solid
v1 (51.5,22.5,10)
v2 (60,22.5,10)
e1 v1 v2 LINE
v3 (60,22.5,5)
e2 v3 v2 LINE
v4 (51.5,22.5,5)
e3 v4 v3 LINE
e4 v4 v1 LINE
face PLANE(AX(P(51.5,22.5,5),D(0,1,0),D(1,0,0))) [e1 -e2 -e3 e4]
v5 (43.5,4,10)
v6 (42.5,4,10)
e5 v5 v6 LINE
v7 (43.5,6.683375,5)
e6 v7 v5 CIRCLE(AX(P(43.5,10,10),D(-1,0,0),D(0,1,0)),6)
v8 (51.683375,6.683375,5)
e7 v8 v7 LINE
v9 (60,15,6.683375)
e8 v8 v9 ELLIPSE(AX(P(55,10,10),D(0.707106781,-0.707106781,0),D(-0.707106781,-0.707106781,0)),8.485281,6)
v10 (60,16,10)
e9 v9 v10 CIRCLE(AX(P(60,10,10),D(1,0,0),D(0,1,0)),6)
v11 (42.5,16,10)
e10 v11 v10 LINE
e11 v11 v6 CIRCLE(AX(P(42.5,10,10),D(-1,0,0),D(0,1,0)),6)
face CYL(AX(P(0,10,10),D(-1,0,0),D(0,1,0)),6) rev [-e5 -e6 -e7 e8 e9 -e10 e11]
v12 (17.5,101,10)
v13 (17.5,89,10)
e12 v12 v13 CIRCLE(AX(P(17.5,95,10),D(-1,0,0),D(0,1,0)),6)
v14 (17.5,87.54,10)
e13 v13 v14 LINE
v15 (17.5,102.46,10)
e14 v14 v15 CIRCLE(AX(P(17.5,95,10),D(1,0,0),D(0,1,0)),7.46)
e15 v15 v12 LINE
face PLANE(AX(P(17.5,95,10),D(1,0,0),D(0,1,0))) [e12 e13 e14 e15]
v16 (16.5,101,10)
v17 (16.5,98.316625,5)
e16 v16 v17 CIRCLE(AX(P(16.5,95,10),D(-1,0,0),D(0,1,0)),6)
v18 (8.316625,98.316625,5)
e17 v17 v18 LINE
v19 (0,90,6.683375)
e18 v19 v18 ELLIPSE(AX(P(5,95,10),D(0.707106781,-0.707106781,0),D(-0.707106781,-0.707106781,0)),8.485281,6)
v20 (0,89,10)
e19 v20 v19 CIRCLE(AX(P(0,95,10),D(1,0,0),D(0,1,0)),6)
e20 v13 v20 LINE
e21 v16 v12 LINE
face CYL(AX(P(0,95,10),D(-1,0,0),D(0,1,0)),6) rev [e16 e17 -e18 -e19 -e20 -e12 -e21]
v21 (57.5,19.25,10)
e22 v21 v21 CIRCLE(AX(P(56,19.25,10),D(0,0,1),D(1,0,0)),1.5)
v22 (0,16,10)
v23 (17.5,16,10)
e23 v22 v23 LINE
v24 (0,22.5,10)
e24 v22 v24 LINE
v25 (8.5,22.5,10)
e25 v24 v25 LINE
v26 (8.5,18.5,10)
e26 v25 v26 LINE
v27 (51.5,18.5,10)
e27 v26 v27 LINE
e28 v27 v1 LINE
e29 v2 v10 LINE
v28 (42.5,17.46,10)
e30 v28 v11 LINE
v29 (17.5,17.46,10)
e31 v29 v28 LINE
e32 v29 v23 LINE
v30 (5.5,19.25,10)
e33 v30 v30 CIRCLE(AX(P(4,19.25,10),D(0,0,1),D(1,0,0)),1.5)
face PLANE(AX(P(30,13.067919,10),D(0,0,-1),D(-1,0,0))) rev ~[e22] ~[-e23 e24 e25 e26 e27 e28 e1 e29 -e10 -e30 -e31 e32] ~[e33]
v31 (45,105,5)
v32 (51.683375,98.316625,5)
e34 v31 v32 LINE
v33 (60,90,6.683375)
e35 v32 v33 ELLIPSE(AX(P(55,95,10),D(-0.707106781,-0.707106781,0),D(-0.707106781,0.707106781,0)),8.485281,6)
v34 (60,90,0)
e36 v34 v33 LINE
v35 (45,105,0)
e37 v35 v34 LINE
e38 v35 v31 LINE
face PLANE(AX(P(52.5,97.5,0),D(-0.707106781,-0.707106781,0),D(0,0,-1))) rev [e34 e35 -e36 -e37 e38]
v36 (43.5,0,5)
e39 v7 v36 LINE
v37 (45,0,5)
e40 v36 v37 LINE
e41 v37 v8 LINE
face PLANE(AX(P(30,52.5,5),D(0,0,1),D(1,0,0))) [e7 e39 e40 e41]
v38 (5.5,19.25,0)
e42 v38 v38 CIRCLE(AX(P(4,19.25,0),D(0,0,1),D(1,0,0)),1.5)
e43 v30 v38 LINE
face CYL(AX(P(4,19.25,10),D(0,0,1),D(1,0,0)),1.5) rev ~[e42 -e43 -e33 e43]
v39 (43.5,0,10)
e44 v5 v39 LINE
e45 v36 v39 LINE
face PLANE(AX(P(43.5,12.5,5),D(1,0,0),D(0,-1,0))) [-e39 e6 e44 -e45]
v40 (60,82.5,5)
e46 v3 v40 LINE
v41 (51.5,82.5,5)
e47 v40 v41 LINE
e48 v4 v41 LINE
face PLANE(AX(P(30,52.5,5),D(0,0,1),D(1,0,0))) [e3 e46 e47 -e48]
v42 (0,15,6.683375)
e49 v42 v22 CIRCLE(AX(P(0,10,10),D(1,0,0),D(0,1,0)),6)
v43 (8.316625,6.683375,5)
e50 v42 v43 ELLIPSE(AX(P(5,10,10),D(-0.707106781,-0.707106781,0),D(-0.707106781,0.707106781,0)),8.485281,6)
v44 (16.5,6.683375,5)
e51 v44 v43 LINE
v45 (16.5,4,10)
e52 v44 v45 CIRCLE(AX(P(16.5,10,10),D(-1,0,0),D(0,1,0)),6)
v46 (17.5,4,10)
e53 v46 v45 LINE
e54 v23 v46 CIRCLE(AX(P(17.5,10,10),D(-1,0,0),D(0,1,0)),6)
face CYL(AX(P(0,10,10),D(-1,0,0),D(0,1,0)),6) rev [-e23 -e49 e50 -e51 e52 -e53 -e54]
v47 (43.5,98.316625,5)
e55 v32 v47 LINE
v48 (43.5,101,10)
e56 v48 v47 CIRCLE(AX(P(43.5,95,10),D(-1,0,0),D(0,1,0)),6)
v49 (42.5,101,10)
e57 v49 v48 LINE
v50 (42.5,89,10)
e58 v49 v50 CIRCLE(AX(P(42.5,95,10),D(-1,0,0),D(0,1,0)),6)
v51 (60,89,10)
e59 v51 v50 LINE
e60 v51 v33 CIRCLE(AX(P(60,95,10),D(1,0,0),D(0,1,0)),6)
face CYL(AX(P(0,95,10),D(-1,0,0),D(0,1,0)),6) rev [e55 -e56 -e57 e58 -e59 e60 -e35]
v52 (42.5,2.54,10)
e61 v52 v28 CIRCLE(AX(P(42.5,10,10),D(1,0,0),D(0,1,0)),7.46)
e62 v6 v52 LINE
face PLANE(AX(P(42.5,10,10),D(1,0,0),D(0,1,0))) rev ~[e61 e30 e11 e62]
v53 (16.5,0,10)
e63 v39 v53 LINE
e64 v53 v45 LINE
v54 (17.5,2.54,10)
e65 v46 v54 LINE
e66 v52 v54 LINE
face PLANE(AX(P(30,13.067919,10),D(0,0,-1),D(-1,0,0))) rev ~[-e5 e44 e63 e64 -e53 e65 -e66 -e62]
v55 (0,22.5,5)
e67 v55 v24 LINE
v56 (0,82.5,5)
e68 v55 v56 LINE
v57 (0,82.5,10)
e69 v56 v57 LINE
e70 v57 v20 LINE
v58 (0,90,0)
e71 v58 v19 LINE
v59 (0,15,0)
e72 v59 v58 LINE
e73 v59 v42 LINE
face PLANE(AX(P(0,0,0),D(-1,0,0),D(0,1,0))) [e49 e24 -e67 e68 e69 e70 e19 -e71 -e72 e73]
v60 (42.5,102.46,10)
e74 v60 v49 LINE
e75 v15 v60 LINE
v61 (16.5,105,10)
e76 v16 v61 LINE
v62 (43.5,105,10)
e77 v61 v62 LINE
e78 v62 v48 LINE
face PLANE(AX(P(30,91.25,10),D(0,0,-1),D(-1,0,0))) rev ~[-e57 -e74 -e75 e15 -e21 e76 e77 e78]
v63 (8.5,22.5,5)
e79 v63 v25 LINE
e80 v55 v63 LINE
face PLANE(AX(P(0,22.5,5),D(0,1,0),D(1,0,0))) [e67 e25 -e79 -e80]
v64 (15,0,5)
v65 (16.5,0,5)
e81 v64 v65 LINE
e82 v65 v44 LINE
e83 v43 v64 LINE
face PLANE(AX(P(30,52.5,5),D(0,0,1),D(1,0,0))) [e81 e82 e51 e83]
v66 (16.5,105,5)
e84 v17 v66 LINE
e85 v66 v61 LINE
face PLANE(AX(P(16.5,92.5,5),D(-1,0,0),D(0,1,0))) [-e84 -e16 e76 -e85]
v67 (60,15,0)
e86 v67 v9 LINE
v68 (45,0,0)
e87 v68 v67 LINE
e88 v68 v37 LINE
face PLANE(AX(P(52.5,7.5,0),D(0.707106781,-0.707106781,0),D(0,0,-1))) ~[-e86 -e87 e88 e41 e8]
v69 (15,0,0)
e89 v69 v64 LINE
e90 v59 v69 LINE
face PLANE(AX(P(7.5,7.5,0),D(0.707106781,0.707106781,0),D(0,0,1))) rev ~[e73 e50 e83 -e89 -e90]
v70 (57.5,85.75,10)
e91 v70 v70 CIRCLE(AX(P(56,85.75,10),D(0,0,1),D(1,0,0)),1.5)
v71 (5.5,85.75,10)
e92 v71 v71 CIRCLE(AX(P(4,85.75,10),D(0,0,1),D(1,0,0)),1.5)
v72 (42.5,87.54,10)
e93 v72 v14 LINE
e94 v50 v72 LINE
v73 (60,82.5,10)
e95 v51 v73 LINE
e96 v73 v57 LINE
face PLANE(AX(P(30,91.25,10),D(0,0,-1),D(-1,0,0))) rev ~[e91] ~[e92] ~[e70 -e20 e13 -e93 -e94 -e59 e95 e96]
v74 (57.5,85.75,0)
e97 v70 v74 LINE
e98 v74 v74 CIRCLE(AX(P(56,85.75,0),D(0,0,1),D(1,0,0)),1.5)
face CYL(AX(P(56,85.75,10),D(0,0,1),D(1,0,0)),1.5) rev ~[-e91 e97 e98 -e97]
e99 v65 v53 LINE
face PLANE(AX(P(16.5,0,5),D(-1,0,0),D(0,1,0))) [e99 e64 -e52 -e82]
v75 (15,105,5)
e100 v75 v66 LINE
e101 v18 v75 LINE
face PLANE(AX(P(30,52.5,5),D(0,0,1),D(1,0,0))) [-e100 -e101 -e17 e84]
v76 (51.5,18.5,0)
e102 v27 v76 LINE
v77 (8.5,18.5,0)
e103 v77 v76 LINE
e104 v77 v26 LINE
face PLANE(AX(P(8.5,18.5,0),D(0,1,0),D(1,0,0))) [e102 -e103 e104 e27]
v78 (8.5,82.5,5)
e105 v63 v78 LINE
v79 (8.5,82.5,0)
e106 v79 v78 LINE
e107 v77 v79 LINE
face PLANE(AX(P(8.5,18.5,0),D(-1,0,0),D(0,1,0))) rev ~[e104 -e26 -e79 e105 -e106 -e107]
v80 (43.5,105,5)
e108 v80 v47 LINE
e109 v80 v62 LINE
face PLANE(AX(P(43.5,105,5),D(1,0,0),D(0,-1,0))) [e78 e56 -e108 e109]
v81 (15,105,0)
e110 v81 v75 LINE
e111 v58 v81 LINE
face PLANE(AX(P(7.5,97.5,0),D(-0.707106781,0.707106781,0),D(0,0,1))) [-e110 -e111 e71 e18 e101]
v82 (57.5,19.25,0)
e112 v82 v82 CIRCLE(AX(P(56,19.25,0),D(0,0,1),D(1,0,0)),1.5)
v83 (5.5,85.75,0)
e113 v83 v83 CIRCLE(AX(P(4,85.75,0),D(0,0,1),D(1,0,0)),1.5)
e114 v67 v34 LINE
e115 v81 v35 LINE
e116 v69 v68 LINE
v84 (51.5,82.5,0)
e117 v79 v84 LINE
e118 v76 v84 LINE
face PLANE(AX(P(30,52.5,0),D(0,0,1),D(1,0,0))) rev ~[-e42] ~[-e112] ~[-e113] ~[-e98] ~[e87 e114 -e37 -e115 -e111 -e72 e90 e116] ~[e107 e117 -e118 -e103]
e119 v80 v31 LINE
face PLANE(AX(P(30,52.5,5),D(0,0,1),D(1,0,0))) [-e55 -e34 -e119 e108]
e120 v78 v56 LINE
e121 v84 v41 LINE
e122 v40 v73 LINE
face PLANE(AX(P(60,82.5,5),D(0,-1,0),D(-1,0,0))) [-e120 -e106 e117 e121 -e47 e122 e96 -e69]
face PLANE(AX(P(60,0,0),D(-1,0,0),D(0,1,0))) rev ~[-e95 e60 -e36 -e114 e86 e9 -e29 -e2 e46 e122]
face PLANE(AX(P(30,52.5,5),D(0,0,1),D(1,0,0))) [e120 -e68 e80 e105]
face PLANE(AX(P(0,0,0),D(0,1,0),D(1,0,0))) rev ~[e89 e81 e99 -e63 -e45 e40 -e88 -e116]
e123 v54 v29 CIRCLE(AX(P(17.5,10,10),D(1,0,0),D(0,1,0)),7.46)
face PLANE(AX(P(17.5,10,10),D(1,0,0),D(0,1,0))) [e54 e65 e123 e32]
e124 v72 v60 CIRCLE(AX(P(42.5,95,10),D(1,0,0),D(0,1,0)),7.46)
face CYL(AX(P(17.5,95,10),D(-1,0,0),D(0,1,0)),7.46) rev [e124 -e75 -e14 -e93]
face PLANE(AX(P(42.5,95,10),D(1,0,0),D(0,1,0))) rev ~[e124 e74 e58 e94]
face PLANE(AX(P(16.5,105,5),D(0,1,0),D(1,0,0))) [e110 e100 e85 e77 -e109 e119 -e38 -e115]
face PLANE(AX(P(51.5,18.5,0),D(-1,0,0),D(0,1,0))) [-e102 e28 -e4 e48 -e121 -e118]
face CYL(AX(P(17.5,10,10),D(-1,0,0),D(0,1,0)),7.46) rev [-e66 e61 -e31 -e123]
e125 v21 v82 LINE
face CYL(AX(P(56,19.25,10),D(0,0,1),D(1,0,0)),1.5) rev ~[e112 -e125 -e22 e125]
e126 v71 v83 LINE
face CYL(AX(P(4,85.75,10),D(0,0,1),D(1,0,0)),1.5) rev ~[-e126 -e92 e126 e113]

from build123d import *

# Parameters (mm, degrees)
SKETCH004_R  = 6
PAD003_DEPTH = 60
SKETCH005_R  = 1.5
PAD004_DEPTH = 10
SKETCH003_R  = 7.46
PAD002_DEPTH = 25
SKETCH_W     = 60
SKETCH_H     = 105
SKETCH_W_2   = 43
SKETCH_H_2   = 64
PAD_DEPTH    = 5
PAD001_DEPTH = 5
CHAMFER_SIZE = 15


with BuildPart() as rodmount:
    # Sketch004 → Pad003 (new body)
    with BuildSketch(Plane.YZ):
        with Locations((10, 10)):
            Circle(SKETCH004_R)
        with Locations((95, 10)):
            Circle(SKETCH004_R)
    extrude(amount=PAD003_DEPTH)


with BuildPart() as basemountpoints:
    # Sketch005 → Pad004 (new body)
    with BuildSketch(Plane.XY.offset(10)):
        with Locations((4, 19.25)):
            Circle(SKETCH005_R)
        with Locations((56, 19.25)):
            Circle(SKETCH005_R)
        with Locations((56, 85.75)):
            Circle(SKETCH005_R)
        with Locations((4, 85.75)):
            Circle(SKETCH005_R)
    extrude(amount=-PAD004_DEPTH)


with BuildPart() as cutblocks:
    # Sketch003 → Pad002 (new body)
    with BuildSketch(Plane.YZ.offset(17.5)):
        with Locations((10, 10)):
            Circle(SKETCH003_R)
        with Locations((95, 10)):
            Circle(SKETCH003_R)
    extrude(amount=PAD002_DEPTH)

    # Fusion: union RodMount, BaseMountPoints
    add(rodmount.part)
    add(basemountpoints.part)


with BuildPart() as base:
    # Sketch → Pad (new body)
    with BuildSketch(Plane.XY):
        with Locations((30, 52.5)):
            Rectangle(SKETCH_W, SKETCH_H)
        with Locations((30, 50.5)):
            Rectangle(SKETCH_W_2, SKETCH_H_2, mode=Mode.SUBTRACT)
    extrude(amount=PAD_DEPTH)


with BuildPart() as chamfer_body:
    # Pad001 base: copy of Base
    add(base.part)

    # Sketch001 → Pad001 (new body)
    with BuildSketch(Plane.XY.offset(5)):
        Polygon((16.5, 105), (43.5, 105), (43.5, 92.5), (60, 92.5), (60, 82.5), (0, 82.5), (0, 92.5), (16.5, 92.5), align=None)
        Polygon((43.5, 0), (16.5, 0), (16.5, 12.5), (0, 12.5), (0, 22.5), (8.5, 22.5), (8.5, 18.5), (51.5, 18.5), (51.5, 22.5), (60, 22.5), (60, 12.5), (43.5, 12.5), align=None)
    extrude(amount=PAD001_DEPTH)

    # Fusion001: union Base
    add(base.part)

    # Cut: cut CutBlocks
    add(cutblocks.part, mode=Mode.SUBTRACT)

    # Chamfer
    chamfer_edges = [chamfer_body.edges().sort_by_distance(p)[0] for p in [
        (60, 105, 2.5),
        (0, 105, 2.5),
        (60, 0, 2.5),
        (0, 0, 2.5),
    ]]
    chamfer(chamfer_edges, length=CHAMFER_SIZE)


solid = chamfer_body.part
